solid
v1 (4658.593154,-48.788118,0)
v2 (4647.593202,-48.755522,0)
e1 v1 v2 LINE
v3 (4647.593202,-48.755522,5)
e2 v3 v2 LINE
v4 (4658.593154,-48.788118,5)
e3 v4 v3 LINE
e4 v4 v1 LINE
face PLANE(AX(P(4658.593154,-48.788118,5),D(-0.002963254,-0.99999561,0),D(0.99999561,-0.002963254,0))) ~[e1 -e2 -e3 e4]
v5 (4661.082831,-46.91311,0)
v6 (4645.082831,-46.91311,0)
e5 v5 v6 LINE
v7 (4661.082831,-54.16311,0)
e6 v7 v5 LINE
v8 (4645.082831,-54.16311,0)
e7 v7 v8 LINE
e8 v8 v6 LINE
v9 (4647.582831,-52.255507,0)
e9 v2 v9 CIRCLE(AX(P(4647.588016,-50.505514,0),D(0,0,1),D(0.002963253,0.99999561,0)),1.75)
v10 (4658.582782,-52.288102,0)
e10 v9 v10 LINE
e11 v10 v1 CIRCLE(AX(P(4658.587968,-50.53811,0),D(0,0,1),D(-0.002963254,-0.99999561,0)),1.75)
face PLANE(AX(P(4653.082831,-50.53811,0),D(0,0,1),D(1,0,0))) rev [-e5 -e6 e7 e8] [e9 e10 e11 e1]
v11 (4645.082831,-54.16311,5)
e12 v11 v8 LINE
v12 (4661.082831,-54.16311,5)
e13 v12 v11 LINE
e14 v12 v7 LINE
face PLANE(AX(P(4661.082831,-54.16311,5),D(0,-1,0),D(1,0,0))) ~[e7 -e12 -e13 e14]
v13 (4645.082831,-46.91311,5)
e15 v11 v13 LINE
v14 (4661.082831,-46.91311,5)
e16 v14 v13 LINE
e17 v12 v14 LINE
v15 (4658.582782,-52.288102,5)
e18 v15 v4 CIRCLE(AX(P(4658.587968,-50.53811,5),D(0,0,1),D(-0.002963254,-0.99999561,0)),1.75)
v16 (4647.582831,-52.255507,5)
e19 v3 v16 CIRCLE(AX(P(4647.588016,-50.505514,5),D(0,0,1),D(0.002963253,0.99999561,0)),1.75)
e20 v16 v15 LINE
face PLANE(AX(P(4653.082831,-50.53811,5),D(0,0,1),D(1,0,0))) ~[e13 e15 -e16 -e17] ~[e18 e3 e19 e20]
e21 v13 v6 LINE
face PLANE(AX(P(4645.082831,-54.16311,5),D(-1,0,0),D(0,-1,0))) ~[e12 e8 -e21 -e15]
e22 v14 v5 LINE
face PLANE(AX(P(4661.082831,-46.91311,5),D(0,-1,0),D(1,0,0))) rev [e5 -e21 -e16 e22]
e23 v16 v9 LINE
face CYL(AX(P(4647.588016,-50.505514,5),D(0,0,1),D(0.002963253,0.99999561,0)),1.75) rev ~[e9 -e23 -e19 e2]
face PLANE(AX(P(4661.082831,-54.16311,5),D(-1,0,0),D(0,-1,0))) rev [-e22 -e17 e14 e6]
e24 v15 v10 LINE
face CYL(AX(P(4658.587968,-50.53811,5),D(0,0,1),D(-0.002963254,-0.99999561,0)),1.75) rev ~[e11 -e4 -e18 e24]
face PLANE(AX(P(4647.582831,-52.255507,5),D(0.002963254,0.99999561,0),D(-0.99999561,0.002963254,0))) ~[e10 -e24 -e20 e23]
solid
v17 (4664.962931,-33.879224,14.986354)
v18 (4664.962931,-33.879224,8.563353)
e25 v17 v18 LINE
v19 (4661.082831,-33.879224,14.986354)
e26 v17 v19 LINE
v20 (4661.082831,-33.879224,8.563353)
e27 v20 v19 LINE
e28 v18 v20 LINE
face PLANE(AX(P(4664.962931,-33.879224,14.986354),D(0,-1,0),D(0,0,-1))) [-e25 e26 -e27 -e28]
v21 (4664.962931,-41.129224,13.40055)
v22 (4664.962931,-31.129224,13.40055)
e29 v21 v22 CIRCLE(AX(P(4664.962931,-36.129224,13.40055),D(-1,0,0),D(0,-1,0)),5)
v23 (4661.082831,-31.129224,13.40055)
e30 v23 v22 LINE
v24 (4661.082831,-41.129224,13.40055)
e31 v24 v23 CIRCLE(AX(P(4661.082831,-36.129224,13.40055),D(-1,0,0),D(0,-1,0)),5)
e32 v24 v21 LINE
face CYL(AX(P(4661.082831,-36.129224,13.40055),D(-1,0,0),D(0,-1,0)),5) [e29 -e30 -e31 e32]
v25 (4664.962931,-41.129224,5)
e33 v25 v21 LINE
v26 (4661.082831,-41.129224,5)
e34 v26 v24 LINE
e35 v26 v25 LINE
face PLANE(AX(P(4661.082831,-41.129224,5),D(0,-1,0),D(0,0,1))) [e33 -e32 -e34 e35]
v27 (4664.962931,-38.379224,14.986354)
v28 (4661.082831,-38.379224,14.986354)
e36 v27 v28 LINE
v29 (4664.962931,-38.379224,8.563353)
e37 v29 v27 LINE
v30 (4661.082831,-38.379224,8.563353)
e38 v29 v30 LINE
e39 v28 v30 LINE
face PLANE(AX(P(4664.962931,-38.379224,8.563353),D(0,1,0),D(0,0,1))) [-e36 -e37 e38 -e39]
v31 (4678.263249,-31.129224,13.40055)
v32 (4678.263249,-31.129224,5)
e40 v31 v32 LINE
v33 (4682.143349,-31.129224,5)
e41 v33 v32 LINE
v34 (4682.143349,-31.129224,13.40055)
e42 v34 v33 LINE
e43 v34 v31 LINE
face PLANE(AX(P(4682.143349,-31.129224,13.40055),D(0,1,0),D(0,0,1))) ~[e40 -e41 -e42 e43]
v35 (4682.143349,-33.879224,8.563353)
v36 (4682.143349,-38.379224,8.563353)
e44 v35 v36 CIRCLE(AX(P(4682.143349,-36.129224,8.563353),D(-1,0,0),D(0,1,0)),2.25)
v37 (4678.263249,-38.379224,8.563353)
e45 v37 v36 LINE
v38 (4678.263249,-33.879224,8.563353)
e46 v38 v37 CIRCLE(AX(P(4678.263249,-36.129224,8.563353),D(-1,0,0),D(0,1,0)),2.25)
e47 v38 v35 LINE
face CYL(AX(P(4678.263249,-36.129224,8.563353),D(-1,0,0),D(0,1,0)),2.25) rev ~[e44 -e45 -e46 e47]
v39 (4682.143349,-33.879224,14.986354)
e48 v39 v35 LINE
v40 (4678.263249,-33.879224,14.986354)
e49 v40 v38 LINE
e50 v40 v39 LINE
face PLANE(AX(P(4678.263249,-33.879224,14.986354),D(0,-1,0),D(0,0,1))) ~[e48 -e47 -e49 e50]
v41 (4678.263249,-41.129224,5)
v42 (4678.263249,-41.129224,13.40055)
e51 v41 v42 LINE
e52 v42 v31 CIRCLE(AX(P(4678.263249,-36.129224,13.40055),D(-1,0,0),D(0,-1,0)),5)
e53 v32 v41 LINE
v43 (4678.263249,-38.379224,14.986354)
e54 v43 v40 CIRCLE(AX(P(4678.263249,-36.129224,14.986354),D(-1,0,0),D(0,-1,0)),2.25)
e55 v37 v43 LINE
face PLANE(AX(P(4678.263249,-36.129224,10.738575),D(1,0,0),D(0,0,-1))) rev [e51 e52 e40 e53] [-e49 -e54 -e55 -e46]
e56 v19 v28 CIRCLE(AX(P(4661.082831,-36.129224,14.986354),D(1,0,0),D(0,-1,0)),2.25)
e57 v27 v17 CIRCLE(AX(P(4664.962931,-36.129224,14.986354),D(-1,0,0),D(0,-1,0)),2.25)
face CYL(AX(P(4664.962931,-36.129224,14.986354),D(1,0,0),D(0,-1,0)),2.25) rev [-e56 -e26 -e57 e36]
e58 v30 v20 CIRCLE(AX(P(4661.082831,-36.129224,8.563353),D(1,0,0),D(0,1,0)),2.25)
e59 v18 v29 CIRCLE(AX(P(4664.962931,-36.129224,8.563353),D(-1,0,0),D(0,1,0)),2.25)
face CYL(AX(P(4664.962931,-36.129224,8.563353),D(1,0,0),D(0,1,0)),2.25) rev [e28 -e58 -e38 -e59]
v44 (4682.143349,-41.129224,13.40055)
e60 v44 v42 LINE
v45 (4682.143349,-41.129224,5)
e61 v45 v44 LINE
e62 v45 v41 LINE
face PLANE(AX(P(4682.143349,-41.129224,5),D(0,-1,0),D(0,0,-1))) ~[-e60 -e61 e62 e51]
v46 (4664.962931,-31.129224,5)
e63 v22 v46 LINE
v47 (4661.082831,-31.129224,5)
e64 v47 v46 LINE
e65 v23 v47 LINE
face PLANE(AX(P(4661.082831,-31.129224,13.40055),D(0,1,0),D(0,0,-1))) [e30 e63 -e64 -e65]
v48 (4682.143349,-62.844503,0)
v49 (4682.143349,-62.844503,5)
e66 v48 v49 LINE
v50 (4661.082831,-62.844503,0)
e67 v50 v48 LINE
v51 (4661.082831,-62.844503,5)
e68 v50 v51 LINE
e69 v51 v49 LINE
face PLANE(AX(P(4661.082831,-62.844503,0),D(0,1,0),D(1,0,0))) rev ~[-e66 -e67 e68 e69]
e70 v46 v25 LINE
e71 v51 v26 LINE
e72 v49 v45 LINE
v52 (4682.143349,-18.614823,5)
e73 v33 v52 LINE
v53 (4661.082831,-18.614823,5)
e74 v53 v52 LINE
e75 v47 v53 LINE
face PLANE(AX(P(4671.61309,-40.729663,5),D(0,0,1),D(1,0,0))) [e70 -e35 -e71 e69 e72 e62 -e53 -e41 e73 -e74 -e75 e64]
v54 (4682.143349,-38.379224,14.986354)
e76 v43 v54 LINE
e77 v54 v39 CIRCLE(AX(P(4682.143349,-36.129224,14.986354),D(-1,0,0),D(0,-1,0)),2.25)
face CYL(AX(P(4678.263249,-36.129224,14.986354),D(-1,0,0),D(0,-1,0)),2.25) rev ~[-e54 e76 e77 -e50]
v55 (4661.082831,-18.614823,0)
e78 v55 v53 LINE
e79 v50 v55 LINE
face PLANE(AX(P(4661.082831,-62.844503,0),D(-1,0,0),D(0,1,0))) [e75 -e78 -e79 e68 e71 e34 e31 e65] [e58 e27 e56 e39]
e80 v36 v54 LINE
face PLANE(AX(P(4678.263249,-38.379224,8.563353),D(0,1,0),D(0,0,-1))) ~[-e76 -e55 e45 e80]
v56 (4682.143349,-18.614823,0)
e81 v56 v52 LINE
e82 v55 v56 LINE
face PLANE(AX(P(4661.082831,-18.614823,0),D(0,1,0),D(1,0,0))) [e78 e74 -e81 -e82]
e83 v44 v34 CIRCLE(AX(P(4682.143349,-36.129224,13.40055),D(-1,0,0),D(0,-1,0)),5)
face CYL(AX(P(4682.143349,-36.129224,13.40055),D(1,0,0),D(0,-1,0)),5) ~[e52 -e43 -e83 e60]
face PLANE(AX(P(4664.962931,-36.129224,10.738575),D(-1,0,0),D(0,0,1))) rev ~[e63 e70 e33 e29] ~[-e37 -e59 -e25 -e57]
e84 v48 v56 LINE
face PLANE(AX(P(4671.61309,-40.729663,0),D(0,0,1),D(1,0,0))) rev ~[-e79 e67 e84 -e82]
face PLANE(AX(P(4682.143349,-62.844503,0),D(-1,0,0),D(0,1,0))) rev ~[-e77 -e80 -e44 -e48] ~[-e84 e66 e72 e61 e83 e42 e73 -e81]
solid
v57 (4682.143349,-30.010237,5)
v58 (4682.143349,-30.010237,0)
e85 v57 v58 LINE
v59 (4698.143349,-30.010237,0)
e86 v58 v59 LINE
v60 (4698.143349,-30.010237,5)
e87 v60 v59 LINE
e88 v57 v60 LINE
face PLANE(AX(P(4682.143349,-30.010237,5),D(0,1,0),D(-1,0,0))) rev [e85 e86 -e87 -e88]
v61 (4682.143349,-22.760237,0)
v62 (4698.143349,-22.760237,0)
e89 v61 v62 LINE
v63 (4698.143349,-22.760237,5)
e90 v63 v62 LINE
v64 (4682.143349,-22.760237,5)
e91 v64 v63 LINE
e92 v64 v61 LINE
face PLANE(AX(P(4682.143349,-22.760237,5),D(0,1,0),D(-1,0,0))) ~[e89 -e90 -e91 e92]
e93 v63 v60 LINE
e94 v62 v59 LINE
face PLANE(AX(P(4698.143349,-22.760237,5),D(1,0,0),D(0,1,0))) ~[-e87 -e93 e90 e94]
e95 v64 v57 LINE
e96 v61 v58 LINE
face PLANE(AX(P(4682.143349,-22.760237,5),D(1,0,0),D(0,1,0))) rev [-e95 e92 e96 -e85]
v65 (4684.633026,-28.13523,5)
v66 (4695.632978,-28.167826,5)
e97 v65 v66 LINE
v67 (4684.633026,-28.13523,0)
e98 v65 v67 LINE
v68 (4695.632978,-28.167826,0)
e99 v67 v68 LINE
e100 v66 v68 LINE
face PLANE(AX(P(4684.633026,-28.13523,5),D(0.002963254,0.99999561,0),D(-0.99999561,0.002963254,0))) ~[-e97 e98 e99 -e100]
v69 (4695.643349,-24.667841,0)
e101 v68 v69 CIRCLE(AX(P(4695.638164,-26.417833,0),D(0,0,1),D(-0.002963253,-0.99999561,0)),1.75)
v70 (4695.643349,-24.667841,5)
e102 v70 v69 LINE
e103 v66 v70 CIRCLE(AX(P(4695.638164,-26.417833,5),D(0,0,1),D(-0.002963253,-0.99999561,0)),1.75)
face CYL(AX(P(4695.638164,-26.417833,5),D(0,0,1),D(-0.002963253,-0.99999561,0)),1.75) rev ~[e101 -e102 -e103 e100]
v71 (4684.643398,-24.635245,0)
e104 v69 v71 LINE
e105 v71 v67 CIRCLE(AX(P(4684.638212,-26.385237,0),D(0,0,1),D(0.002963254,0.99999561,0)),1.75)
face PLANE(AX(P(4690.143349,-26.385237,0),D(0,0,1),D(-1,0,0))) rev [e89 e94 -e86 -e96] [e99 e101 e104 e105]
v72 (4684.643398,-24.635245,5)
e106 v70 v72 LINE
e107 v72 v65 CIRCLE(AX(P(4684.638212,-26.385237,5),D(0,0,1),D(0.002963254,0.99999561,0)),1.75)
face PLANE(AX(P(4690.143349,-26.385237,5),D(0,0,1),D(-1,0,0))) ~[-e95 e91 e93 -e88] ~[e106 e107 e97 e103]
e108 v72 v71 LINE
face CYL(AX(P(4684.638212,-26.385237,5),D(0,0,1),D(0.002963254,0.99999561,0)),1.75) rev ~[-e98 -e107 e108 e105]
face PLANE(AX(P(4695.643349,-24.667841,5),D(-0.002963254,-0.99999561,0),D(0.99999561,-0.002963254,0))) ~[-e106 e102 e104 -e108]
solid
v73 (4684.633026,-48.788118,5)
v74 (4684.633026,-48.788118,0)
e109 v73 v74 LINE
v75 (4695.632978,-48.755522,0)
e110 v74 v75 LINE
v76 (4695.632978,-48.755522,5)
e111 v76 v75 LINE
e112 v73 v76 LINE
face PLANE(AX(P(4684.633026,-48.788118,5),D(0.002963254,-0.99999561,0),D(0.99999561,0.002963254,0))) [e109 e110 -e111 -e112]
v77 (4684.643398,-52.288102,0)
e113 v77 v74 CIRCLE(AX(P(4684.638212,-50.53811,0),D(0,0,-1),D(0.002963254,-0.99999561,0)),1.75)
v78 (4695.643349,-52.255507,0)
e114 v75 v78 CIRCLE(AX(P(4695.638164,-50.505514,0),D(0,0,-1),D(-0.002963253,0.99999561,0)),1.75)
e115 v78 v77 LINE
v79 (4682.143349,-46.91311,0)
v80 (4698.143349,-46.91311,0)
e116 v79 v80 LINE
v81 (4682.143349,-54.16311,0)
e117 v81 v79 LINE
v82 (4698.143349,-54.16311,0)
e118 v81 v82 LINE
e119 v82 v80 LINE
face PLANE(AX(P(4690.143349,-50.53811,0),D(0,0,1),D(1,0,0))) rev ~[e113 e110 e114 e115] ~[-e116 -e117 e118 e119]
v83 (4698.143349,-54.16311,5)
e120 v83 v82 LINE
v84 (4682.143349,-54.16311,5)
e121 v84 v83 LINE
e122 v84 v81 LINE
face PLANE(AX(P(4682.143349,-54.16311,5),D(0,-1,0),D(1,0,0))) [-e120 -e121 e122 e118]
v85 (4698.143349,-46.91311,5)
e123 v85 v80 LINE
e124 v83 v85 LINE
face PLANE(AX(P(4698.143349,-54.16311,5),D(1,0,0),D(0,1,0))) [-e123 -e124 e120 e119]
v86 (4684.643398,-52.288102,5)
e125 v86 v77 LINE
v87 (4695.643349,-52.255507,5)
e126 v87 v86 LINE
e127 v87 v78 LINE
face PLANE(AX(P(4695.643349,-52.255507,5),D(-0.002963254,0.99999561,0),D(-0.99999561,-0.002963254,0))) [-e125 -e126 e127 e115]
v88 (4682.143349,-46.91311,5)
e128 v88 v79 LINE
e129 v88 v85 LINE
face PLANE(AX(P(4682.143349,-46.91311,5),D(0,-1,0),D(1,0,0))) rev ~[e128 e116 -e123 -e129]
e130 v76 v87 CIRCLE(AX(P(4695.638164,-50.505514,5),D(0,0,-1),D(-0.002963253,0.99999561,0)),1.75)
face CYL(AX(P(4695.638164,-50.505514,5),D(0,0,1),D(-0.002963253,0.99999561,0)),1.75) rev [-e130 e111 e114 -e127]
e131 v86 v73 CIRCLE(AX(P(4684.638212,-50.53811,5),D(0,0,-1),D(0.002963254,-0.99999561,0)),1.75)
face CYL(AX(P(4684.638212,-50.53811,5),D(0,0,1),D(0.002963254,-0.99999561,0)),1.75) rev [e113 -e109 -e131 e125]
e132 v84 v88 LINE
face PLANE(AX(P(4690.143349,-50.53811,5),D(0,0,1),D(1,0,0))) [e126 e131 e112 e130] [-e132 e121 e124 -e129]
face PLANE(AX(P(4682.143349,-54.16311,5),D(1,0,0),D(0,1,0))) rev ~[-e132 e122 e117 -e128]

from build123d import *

# Parameters (mm, degrees)
SKETCH1_W           = 21.060518524
SKETCH1_H           = 44.229680595
BOSS_EXTRUDE1_DEPTH = 5
BOSS_EXTRUDE3_DEPTH = 3.8801
CUT_EXTRUDE1_DEPTH  = 8
SKETCH6_W           = 16
SKETCH6_H           = 7.25
BOSS_EXTRUDE4_DEPTH = 5
SKETCH11_W          = 16
SKETCH11_H          = 7.25
CUT_EXTRUDE2_DEPTH  = 5


with BuildPart() as part:
    # Sketch1 → Boss-Extrude1 (new body)
    with BuildSketch(Plane.XY):
        with Locations((4671.613089989, -40.729662913)):
            Rectangle(SKETCH1_W, SKETCH1_H)
    extrude(amount=BOSS_EXTRUDE1_DEPTH)

    # Sketch4 → Boss-Extrude3 (add)
    with BuildSketch(Plane.ZY.offset(-4661.082830727)):
        with BuildLine():
            Line((13.400549781, -31.129223835), (5, -31.129223835))
            Line((5, -31.129223835), (5, -41.129223835))
            Line((5, -41.129223835), (13.400549781, -41.129223835))
            ThreePointArc((13.400549781, -41.129223835), (18.400549781, -36.129223835), (13.400549781, -31.129223835))
        make_face()
    boss_extrude3 = extrude(amount=-BOSS_EXTRUDE3_DEPTH)

    # Sketch5 → Cut-Extrude1 (cut)
    with BuildSketch(Plane(origin=(4664.962930727, 0, 0), x_dir=(0, 0, -1), z_dir=(1, 0, 0))):
        with BuildLine():
            Line((-14.986353963, -33.879223835), (-8.563353453, -33.879223835))
            ThreePointArc((-8.563353453, -33.879223835), (-6.313353453, -36.129223835), (-8.563353453, -38.379223835))
            Line((-8.563353453, -38.379223835), (-14.986353963, -38.379223835))
            ThreePointArc((-14.986353963, -38.379223835), (-17.236353963, -36.129223835), (-14.986353963, -33.879223835))
        make_face()
    cut_extrude1 = extrude(amount=-CUT_EXTRUDE1_DEPTH, mode=Mode.SUBTRACT)

    # Mirror2: Boss-Extrude3, Cut-Extrude1 across plane
    add(boss_extrude3.mirror(Plane.ZY.offset(-4671.613089989)))
    add(cut_extrude1.mirror(Plane.ZY.offset(-4671.613089989)), mode=Mode.SUBTRACT)


with BuildPart() as body_2:
    # Sketch6 → Boss-Extrude4 (new body)
    with BuildSketch(Plane.XY.offset(5)):
        with Locations((4690.143349251, -50.538110101)):
            Rectangle(SKETCH6_W, SKETCH6_H)
        with BuildLine():
            Line((4695.643349251, -52.255506626), (4684.643397546, -52.288102418))
            ThreePointArc((4684.643397546, -52.288102418), (4682.888219535, -50.543295795), (4684.633026158, -48.788117784))
            Line((4684.633026158, -48.788117784), (4695.632977863, -48.755521993))
            ThreePointArc((4695.632977863, -48.755521993), (4697.388155873, -50.500328616), (4695.643349251, -52.255506626))
        make_face(mode=Mode.SUBTRACT)
    extrude(amount=-BOSS_EXTRUDE4_DEPTH)


with BuildPart() as body_3:
    # Mirror3: mirrored copy
    add(body_2.part.mirror(Plane.ZY.offset(-4671.613089989)))


with BuildPart() as body_4:
    # Mirror4: mirrored copy
    add(body_3.part.mirror(Plane(origin=(0, -38.461673776, 0), x_dir=(0, 0, 1), z_dir=(0, -1, 0))))

    # Sketch11 → Cut-Extrude2 (cut)
    with BuildSketch(Plane.XY.offset(5)):
        with Locations((4653.082830727, -26.385237452)):
            Rectangle(SKETCH11_W, SKETCH11_H)
    extrude(amount=-CUT_EXTRUDE2_DEPTH, mode=Mode.SUBTRACT)


with BuildPart() as body_5:
    # Mirror4 2: mirrored copy
    add(body_2.part.mirror(Plane(origin=(0, -38.461673776, 0), x_dir=(0, 0, 1), z_dir=(0, -1, 0))))


solid = Compound([part.part, body_2.part, body_3.part, body_5.part])
